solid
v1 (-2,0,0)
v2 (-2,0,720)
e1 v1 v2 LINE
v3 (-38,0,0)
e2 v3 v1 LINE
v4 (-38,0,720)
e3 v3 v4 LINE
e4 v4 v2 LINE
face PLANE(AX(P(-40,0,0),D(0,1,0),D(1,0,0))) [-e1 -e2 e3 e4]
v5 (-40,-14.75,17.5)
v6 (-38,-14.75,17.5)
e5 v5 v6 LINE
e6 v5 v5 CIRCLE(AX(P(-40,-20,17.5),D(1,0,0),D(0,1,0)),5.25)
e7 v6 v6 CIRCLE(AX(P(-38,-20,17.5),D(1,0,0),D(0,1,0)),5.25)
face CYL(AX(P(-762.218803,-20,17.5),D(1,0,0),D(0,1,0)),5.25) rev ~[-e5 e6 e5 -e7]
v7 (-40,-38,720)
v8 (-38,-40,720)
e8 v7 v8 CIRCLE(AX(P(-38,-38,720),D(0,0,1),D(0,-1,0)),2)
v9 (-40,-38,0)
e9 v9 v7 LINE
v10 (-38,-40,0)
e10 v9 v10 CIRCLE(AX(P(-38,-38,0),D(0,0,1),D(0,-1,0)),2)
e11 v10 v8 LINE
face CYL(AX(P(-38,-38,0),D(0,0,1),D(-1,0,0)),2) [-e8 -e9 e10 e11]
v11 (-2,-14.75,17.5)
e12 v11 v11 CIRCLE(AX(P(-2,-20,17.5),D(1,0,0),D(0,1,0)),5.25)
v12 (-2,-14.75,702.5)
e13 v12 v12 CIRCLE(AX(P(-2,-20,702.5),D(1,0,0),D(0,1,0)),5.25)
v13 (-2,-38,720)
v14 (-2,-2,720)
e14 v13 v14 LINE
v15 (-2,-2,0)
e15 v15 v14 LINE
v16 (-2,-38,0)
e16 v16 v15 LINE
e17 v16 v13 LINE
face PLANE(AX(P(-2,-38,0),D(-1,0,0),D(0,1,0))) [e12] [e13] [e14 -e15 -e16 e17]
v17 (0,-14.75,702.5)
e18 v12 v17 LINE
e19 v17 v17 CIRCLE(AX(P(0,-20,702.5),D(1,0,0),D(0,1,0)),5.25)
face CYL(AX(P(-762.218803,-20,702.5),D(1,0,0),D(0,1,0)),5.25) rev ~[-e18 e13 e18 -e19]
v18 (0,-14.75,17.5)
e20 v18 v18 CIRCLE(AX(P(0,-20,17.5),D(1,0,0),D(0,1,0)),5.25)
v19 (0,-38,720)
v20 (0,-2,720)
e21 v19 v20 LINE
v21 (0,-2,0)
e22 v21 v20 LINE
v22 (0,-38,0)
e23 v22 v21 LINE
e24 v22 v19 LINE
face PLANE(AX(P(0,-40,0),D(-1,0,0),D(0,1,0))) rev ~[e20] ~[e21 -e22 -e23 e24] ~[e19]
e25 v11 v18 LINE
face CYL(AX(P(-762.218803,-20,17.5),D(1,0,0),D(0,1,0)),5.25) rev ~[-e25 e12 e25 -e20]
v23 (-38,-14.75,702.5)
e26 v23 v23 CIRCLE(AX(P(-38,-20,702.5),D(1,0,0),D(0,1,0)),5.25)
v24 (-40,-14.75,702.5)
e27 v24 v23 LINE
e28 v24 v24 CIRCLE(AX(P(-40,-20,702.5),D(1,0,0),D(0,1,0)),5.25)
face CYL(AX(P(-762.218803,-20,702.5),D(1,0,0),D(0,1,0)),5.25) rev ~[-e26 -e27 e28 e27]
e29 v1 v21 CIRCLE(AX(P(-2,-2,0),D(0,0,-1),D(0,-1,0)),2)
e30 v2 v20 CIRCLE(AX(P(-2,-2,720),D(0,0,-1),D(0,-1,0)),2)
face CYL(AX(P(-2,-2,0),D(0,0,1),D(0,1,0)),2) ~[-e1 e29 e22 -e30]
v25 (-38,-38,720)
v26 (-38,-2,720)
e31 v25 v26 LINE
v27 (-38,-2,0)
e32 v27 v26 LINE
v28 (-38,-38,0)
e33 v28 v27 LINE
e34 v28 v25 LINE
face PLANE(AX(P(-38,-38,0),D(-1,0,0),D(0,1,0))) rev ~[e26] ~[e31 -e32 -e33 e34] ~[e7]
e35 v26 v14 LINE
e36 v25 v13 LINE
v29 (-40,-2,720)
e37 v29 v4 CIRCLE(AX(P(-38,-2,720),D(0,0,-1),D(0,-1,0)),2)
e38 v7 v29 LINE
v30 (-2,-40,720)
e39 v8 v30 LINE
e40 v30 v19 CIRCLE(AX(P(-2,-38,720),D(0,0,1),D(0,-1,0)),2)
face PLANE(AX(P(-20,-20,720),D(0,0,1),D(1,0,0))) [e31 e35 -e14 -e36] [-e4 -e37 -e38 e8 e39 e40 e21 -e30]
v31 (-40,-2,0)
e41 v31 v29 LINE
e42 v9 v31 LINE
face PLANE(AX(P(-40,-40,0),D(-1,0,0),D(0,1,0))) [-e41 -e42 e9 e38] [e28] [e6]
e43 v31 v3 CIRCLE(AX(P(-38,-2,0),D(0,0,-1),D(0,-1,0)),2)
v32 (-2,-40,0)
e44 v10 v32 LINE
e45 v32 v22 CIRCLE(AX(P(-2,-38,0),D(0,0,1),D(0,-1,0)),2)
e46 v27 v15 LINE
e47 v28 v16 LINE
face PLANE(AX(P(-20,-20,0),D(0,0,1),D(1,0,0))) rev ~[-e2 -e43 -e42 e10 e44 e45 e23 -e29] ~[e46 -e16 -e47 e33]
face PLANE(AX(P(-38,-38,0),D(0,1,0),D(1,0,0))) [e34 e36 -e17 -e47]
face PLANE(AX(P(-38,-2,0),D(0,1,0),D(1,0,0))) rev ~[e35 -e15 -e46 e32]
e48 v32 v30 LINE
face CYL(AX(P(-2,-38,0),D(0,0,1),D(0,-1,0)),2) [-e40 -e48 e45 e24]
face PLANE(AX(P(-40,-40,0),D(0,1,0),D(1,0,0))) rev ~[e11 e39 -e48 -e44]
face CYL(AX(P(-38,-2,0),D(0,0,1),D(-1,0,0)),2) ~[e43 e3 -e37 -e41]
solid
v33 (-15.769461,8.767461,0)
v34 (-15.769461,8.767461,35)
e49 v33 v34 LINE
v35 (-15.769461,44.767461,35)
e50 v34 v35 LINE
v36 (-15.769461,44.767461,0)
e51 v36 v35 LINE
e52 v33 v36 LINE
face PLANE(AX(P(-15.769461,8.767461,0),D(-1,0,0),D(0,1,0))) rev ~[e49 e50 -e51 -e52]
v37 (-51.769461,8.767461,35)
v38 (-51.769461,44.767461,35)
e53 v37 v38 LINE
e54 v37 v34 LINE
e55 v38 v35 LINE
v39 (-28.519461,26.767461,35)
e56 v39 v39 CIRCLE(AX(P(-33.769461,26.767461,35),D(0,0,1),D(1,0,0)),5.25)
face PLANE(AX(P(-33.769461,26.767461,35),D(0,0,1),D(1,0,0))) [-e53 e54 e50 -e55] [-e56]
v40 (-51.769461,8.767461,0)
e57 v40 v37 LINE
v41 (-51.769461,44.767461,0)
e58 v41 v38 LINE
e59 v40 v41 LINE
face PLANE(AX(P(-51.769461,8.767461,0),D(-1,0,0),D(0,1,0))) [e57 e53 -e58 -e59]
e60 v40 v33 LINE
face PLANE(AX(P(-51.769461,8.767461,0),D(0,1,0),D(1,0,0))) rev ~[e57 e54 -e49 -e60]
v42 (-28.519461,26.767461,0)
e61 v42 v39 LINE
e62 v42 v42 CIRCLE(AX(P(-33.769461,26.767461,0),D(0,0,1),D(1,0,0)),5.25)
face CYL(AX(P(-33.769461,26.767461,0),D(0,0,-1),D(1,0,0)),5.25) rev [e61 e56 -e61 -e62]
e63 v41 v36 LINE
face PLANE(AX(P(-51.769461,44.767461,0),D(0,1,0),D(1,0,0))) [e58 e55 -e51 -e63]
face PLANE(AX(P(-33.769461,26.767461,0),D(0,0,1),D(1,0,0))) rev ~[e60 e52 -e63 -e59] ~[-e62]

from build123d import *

# Parameters (mm, degrees)
F0_W     = 40
F0_H     = 40
F0_W_2   = 36
F0_H_2   = 36
F1_DEPTH = 720
F2_W     = 36
F2_H     = 36
F2_R     = 5.25
F3_DEPTH = 35
F5_D     = 10.5
F7_D     = 10.5
F8_R     = 2


with BuildPart() as f1:
    # F0 (on Top) → F1 (new body)
    with BuildSketch(Plane.XY):
        with Locations((-20, -20)):
            Rectangle(F0_W, F0_H)
        with Locations((-20, -20)):
            Rectangle(F0_W_2, F0_H_2, mode=Mode.SUBTRACT)
    extrude(amount=F1_DEPTH)

    # F5 (through all)
    with Locations(Plane(origin=(-40, 0, 0), x_dir=(0, -1, 0), z_dir=(-1, 0, 0))):
        with Locations((20, 17.5)):
            Hole(F5_D / 2)

    # F7 (through all)
    with Locations(Plane(origin=(-40, 0, 0), x_dir=(0, -1, 0), z_dir=(-1, 0, 0))):
        with Locations((20, 702.5)):
            Hole(F7_D / 2)

    # F8
    f8_edges = [f1.edges().sort_by_distance(p)[0] for p in [
        (0, -40, 360),
        (-40, -40, 360),
        (0, 0, 360),
        (-40, 0, 360),
    ]]
    fillet(f8_edges, radius=F8_R)


with BuildPart() as f3:
    # F2 (on Top) → F3 (new body)
    with BuildSketch(Plane.XY):
        with Locations((-33.769461, 26.767461)):
            Rectangle(F2_W, F2_H)
        with Locations((-33.769461, 26.767461)):
            Circle(F2_R, mode=Mode.SUBTRACT)
    extrude(amount=F3_DEPTH)


solid = Compound([f1.part, f3.part])
